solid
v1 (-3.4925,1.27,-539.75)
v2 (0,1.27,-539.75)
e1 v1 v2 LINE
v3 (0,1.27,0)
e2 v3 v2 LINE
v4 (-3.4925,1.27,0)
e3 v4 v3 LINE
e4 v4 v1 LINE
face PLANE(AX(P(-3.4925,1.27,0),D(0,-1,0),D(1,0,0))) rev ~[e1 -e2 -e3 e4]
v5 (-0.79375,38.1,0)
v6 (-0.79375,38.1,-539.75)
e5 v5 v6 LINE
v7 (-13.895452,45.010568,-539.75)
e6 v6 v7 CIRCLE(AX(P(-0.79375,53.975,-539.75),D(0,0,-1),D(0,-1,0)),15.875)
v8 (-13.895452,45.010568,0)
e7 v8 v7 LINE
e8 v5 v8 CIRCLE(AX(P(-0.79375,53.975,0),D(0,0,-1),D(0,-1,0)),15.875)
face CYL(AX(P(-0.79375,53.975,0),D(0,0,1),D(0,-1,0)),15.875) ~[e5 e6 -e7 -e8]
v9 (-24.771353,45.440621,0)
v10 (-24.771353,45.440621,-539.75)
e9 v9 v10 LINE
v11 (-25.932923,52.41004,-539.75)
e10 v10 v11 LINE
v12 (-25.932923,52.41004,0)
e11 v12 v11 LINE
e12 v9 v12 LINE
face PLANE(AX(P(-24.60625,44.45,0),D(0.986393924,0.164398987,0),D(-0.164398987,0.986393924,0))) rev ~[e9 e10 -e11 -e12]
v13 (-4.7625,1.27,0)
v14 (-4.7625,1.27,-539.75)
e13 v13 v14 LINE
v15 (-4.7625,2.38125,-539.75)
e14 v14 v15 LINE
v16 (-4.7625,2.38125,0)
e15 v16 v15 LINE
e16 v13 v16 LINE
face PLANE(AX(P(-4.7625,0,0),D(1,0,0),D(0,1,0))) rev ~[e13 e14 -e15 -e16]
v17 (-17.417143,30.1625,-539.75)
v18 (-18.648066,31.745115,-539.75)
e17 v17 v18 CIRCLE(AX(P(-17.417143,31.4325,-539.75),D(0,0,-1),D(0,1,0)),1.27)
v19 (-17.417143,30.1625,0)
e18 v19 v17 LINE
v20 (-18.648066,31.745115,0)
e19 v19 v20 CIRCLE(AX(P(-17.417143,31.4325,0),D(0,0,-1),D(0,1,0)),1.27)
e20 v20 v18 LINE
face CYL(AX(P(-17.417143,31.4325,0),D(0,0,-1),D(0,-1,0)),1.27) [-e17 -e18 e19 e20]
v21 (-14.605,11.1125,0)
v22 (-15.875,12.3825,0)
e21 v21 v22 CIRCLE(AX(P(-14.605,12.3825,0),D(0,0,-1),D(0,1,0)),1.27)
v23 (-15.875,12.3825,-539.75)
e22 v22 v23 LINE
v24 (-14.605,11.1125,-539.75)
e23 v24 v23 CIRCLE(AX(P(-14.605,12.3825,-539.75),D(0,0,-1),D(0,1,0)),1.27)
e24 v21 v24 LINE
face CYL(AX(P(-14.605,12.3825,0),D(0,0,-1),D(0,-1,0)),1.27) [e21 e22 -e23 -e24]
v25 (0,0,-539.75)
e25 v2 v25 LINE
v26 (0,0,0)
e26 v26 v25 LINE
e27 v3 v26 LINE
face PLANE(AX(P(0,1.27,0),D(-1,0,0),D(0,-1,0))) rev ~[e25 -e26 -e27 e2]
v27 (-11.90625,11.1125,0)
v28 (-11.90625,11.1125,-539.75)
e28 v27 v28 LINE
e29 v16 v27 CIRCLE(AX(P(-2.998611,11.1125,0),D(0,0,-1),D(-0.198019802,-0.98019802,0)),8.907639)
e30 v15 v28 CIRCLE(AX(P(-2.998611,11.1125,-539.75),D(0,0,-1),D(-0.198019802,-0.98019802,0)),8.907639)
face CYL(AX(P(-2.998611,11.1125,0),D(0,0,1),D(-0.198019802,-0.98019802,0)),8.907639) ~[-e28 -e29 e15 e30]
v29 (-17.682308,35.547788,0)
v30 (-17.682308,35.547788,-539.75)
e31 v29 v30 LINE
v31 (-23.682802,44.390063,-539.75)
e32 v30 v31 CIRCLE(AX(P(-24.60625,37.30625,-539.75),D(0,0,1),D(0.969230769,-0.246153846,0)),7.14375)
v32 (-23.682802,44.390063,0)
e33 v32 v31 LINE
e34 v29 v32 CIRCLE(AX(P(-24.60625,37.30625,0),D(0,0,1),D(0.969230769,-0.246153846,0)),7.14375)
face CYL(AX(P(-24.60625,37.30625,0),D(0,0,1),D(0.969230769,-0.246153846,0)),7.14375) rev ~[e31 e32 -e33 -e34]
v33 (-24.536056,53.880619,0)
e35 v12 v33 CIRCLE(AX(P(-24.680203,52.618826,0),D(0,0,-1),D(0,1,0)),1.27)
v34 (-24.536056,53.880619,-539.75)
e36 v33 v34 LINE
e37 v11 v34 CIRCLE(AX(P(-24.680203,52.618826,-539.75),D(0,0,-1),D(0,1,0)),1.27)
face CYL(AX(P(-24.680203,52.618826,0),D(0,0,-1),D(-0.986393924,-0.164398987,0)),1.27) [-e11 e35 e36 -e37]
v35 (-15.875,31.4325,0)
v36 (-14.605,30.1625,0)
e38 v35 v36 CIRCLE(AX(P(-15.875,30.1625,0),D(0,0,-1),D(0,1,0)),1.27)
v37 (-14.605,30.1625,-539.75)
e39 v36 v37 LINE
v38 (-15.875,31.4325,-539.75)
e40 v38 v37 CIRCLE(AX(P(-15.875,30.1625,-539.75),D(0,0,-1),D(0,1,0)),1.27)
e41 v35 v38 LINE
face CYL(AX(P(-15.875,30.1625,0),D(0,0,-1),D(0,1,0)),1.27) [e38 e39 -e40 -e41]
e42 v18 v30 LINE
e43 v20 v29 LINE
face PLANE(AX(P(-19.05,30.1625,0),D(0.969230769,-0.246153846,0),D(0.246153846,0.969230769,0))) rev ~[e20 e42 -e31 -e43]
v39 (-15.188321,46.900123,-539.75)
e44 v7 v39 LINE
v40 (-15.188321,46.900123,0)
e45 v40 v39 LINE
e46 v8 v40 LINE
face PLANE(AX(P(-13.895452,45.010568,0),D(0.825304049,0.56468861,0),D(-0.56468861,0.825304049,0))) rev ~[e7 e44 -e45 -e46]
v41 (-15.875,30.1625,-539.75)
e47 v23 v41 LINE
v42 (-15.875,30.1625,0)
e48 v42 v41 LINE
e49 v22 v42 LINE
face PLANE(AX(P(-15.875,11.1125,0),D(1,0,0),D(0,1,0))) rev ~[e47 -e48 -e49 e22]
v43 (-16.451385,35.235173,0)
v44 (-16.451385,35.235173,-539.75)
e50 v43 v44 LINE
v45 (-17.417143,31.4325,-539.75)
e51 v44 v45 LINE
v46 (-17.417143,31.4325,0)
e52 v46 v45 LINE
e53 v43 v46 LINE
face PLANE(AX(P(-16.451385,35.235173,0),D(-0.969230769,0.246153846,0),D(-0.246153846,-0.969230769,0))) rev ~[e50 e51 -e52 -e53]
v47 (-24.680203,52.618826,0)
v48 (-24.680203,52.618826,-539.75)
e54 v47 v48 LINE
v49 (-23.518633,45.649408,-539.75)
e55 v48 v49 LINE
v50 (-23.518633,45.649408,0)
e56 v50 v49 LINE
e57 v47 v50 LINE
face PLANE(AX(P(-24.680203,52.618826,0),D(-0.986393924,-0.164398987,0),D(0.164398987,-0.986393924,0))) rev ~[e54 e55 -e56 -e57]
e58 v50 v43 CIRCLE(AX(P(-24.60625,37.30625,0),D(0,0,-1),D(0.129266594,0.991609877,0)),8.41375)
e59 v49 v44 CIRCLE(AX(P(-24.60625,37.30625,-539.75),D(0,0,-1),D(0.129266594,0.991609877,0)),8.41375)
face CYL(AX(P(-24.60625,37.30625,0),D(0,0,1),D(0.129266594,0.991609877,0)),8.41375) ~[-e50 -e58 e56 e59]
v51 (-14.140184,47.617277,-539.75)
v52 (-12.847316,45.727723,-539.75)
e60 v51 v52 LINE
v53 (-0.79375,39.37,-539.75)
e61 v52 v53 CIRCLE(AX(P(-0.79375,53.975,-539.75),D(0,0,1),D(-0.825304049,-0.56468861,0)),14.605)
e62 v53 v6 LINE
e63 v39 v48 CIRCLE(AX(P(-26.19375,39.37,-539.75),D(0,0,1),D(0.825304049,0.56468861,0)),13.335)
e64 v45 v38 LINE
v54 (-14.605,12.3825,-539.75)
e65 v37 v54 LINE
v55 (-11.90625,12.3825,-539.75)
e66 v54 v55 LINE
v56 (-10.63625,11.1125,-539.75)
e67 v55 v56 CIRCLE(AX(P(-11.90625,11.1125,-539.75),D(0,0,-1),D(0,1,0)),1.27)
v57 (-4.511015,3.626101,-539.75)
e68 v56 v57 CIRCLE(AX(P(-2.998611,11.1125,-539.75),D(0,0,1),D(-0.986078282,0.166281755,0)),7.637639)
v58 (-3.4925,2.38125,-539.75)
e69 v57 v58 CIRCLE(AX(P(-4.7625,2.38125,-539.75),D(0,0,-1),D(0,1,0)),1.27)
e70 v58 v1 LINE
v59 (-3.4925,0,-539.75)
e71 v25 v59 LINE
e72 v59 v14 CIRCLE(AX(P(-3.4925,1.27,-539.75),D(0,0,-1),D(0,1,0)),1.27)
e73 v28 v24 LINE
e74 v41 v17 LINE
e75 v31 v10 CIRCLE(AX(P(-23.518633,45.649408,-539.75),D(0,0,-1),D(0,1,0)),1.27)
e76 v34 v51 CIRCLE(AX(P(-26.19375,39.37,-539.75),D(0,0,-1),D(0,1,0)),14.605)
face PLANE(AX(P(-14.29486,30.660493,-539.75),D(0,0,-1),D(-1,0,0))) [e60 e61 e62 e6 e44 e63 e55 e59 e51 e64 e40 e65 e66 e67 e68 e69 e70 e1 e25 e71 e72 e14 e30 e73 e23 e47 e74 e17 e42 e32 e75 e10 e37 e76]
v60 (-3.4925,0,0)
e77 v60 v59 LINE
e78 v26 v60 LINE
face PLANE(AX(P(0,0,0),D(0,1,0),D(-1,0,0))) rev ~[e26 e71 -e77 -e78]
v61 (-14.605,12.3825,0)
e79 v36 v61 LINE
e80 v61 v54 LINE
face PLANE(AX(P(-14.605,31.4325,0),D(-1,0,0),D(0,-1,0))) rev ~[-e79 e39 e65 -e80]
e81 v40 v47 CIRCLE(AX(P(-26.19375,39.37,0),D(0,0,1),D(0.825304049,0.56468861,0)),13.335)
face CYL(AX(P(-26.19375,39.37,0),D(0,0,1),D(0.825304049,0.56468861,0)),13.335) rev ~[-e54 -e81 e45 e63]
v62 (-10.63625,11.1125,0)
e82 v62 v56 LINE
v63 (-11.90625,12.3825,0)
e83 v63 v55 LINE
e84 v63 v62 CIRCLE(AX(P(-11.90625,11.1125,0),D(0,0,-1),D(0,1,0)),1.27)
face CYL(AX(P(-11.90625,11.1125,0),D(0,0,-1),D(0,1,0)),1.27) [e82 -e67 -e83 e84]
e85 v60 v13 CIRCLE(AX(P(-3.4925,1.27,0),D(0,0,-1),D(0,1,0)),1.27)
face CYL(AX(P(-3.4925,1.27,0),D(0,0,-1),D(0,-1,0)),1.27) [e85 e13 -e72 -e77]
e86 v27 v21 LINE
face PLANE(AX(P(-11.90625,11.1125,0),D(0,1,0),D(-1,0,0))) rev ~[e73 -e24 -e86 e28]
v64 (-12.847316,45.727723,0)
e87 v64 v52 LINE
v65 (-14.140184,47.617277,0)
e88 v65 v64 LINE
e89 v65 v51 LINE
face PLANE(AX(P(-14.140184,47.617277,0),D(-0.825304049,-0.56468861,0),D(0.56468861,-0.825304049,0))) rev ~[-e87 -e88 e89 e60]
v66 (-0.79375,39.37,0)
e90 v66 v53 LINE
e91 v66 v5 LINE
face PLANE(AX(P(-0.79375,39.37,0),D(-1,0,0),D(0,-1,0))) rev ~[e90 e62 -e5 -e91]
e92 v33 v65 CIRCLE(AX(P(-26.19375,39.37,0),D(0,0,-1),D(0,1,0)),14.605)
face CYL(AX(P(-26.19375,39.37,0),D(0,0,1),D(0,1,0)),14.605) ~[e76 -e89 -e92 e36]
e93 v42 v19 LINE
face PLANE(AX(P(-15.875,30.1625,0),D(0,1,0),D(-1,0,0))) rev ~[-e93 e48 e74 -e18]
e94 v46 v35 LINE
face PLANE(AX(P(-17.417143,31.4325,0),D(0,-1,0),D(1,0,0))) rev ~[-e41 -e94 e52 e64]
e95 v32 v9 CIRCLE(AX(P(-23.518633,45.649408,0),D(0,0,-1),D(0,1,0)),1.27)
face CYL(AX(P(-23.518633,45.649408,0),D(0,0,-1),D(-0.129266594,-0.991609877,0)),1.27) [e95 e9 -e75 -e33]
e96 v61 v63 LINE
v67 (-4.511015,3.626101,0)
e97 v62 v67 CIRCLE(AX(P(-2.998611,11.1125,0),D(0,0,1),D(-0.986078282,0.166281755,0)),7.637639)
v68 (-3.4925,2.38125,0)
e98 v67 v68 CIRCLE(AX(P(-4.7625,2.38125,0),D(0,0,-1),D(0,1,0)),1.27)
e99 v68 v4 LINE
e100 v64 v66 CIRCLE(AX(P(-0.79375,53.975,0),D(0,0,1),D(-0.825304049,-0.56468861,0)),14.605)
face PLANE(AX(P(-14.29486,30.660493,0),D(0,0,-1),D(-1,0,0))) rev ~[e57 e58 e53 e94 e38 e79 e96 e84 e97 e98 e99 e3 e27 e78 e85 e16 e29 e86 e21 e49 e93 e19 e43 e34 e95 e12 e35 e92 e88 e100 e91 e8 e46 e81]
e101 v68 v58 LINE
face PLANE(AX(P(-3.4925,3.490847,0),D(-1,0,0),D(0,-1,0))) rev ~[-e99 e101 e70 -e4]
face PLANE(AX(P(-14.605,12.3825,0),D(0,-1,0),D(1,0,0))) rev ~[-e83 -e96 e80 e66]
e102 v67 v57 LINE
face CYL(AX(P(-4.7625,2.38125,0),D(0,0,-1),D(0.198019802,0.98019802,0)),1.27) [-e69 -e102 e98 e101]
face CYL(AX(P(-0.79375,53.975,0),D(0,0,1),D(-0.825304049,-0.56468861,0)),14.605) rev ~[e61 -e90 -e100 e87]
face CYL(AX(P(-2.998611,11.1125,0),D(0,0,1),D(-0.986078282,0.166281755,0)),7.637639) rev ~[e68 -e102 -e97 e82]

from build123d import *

# Parameters (mm, degrees)
EXTRUDE_THIN1_DEPTH = 539.75
FILLET1_R           = 1.27


with BuildPart() as part:
    # Sketch1 → Extrude-Thin1 (new body)
    with BuildSketch(Plane.XY):
        with BuildLine():
            Line((0, 0), (-4.7625, 0))
            Line((-4.7625, 0), (-4.7625, 2.38125))
            ThreePointArc((-4.7625, 2.38125), (-9.892743248, 5.471846434), (-11.90625, 11.1125))
            Line((-11.90625, 11.1125), (-15.875, 11.1125))
            Line((-15.875, 11.1125), (-15.875, 30.1625))
            Line((-15.875, 30.1625), (-19.05, 30.1625))
            Line((-19.05, 30.1625), (-17.682307692, 35.547788462))
            ThreePointArc((-17.682307692, 35.547788462), (-18.967315097, 41.692088258), (-24.60625, 44.45))
            Line((-24.60625, 44.45), (-26.19375, 53.975))
            ThreePointArc((-26.19375, 53.975), (-19.37999398, 52.288155979), (-14.140184362, 47.617277151))
            Line((-14.140184362, 47.617277151), (-12.847315638, 45.727722849))
            ThreePointArc((-12.847315638, 45.727722849), (-7.60750602, 41.056844021), (-0.79375, 39.37))
            Line((-0.79375, 39.37), (-0.79375, 38.1))
            ThreePointArc((-0.79375, 38.1), (-8.200006544, 39.93352611), (-13.89545178, 45.010568314))
            Line((-13.89545178, 45.010568314), (-15.188320504, 46.900122616))
            ThreePointArc((-15.188320504, 46.900122616), (-19.312101481, 50.792133717), (-24.680202995, 52.618826381))
            Line((-24.680202995, 52.618826381), (-23.518633198, 45.649407601))
            ThreePointArc((-23.518633198, 45.649407601), (-17.64421442, 42.030786976), (-16.451384615, 35.235173077))
            Line((-16.451384615, 35.235173077), (-17.417142857, 31.4325))
            Line((-17.417142857, 31.4325), (-14.605, 31.4325))
            Line((-14.605, 31.4325), (-14.605, 12.3825))
            Line((-14.605, 12.3825), (-10.529920944, 12.3825))
            ThreePointArc((-10.529920944, 12.3825), (-8.987461499, 6.372542318), (-3.4925, 3.490846534))
            Line((-3.4925, 3.490846534), (-3.4925, 1.27))
            Line((-3.4925, 1.27), (0, 1.27))
            Line((0, 1.27), (0, 0))
        make_face()
    extrude(amount=-EXTRUDE_THIN1_DEPTH)

    # Fillet1
    fillet1_edges = [part.edges().sort_by_distance(p)[0] for p in [
        (-14.605, 31.4325, -269.875),
        (-10.529920944, 12.3825, -269.875),
        (-3.4925, 3.490846534, -269.875),
        (-4.7625, 0, -269.875),
        (-15.875, 11.1125, -269.875),
        (-19.05, 30.1625, -269.875),
        (-24.60625, 44.45, -269.875),
        (-26.19375, 53.975, -269.875),
    ]]
    fillet(fillet1_edges, radius=FILLET1_R)


solid = part.part
